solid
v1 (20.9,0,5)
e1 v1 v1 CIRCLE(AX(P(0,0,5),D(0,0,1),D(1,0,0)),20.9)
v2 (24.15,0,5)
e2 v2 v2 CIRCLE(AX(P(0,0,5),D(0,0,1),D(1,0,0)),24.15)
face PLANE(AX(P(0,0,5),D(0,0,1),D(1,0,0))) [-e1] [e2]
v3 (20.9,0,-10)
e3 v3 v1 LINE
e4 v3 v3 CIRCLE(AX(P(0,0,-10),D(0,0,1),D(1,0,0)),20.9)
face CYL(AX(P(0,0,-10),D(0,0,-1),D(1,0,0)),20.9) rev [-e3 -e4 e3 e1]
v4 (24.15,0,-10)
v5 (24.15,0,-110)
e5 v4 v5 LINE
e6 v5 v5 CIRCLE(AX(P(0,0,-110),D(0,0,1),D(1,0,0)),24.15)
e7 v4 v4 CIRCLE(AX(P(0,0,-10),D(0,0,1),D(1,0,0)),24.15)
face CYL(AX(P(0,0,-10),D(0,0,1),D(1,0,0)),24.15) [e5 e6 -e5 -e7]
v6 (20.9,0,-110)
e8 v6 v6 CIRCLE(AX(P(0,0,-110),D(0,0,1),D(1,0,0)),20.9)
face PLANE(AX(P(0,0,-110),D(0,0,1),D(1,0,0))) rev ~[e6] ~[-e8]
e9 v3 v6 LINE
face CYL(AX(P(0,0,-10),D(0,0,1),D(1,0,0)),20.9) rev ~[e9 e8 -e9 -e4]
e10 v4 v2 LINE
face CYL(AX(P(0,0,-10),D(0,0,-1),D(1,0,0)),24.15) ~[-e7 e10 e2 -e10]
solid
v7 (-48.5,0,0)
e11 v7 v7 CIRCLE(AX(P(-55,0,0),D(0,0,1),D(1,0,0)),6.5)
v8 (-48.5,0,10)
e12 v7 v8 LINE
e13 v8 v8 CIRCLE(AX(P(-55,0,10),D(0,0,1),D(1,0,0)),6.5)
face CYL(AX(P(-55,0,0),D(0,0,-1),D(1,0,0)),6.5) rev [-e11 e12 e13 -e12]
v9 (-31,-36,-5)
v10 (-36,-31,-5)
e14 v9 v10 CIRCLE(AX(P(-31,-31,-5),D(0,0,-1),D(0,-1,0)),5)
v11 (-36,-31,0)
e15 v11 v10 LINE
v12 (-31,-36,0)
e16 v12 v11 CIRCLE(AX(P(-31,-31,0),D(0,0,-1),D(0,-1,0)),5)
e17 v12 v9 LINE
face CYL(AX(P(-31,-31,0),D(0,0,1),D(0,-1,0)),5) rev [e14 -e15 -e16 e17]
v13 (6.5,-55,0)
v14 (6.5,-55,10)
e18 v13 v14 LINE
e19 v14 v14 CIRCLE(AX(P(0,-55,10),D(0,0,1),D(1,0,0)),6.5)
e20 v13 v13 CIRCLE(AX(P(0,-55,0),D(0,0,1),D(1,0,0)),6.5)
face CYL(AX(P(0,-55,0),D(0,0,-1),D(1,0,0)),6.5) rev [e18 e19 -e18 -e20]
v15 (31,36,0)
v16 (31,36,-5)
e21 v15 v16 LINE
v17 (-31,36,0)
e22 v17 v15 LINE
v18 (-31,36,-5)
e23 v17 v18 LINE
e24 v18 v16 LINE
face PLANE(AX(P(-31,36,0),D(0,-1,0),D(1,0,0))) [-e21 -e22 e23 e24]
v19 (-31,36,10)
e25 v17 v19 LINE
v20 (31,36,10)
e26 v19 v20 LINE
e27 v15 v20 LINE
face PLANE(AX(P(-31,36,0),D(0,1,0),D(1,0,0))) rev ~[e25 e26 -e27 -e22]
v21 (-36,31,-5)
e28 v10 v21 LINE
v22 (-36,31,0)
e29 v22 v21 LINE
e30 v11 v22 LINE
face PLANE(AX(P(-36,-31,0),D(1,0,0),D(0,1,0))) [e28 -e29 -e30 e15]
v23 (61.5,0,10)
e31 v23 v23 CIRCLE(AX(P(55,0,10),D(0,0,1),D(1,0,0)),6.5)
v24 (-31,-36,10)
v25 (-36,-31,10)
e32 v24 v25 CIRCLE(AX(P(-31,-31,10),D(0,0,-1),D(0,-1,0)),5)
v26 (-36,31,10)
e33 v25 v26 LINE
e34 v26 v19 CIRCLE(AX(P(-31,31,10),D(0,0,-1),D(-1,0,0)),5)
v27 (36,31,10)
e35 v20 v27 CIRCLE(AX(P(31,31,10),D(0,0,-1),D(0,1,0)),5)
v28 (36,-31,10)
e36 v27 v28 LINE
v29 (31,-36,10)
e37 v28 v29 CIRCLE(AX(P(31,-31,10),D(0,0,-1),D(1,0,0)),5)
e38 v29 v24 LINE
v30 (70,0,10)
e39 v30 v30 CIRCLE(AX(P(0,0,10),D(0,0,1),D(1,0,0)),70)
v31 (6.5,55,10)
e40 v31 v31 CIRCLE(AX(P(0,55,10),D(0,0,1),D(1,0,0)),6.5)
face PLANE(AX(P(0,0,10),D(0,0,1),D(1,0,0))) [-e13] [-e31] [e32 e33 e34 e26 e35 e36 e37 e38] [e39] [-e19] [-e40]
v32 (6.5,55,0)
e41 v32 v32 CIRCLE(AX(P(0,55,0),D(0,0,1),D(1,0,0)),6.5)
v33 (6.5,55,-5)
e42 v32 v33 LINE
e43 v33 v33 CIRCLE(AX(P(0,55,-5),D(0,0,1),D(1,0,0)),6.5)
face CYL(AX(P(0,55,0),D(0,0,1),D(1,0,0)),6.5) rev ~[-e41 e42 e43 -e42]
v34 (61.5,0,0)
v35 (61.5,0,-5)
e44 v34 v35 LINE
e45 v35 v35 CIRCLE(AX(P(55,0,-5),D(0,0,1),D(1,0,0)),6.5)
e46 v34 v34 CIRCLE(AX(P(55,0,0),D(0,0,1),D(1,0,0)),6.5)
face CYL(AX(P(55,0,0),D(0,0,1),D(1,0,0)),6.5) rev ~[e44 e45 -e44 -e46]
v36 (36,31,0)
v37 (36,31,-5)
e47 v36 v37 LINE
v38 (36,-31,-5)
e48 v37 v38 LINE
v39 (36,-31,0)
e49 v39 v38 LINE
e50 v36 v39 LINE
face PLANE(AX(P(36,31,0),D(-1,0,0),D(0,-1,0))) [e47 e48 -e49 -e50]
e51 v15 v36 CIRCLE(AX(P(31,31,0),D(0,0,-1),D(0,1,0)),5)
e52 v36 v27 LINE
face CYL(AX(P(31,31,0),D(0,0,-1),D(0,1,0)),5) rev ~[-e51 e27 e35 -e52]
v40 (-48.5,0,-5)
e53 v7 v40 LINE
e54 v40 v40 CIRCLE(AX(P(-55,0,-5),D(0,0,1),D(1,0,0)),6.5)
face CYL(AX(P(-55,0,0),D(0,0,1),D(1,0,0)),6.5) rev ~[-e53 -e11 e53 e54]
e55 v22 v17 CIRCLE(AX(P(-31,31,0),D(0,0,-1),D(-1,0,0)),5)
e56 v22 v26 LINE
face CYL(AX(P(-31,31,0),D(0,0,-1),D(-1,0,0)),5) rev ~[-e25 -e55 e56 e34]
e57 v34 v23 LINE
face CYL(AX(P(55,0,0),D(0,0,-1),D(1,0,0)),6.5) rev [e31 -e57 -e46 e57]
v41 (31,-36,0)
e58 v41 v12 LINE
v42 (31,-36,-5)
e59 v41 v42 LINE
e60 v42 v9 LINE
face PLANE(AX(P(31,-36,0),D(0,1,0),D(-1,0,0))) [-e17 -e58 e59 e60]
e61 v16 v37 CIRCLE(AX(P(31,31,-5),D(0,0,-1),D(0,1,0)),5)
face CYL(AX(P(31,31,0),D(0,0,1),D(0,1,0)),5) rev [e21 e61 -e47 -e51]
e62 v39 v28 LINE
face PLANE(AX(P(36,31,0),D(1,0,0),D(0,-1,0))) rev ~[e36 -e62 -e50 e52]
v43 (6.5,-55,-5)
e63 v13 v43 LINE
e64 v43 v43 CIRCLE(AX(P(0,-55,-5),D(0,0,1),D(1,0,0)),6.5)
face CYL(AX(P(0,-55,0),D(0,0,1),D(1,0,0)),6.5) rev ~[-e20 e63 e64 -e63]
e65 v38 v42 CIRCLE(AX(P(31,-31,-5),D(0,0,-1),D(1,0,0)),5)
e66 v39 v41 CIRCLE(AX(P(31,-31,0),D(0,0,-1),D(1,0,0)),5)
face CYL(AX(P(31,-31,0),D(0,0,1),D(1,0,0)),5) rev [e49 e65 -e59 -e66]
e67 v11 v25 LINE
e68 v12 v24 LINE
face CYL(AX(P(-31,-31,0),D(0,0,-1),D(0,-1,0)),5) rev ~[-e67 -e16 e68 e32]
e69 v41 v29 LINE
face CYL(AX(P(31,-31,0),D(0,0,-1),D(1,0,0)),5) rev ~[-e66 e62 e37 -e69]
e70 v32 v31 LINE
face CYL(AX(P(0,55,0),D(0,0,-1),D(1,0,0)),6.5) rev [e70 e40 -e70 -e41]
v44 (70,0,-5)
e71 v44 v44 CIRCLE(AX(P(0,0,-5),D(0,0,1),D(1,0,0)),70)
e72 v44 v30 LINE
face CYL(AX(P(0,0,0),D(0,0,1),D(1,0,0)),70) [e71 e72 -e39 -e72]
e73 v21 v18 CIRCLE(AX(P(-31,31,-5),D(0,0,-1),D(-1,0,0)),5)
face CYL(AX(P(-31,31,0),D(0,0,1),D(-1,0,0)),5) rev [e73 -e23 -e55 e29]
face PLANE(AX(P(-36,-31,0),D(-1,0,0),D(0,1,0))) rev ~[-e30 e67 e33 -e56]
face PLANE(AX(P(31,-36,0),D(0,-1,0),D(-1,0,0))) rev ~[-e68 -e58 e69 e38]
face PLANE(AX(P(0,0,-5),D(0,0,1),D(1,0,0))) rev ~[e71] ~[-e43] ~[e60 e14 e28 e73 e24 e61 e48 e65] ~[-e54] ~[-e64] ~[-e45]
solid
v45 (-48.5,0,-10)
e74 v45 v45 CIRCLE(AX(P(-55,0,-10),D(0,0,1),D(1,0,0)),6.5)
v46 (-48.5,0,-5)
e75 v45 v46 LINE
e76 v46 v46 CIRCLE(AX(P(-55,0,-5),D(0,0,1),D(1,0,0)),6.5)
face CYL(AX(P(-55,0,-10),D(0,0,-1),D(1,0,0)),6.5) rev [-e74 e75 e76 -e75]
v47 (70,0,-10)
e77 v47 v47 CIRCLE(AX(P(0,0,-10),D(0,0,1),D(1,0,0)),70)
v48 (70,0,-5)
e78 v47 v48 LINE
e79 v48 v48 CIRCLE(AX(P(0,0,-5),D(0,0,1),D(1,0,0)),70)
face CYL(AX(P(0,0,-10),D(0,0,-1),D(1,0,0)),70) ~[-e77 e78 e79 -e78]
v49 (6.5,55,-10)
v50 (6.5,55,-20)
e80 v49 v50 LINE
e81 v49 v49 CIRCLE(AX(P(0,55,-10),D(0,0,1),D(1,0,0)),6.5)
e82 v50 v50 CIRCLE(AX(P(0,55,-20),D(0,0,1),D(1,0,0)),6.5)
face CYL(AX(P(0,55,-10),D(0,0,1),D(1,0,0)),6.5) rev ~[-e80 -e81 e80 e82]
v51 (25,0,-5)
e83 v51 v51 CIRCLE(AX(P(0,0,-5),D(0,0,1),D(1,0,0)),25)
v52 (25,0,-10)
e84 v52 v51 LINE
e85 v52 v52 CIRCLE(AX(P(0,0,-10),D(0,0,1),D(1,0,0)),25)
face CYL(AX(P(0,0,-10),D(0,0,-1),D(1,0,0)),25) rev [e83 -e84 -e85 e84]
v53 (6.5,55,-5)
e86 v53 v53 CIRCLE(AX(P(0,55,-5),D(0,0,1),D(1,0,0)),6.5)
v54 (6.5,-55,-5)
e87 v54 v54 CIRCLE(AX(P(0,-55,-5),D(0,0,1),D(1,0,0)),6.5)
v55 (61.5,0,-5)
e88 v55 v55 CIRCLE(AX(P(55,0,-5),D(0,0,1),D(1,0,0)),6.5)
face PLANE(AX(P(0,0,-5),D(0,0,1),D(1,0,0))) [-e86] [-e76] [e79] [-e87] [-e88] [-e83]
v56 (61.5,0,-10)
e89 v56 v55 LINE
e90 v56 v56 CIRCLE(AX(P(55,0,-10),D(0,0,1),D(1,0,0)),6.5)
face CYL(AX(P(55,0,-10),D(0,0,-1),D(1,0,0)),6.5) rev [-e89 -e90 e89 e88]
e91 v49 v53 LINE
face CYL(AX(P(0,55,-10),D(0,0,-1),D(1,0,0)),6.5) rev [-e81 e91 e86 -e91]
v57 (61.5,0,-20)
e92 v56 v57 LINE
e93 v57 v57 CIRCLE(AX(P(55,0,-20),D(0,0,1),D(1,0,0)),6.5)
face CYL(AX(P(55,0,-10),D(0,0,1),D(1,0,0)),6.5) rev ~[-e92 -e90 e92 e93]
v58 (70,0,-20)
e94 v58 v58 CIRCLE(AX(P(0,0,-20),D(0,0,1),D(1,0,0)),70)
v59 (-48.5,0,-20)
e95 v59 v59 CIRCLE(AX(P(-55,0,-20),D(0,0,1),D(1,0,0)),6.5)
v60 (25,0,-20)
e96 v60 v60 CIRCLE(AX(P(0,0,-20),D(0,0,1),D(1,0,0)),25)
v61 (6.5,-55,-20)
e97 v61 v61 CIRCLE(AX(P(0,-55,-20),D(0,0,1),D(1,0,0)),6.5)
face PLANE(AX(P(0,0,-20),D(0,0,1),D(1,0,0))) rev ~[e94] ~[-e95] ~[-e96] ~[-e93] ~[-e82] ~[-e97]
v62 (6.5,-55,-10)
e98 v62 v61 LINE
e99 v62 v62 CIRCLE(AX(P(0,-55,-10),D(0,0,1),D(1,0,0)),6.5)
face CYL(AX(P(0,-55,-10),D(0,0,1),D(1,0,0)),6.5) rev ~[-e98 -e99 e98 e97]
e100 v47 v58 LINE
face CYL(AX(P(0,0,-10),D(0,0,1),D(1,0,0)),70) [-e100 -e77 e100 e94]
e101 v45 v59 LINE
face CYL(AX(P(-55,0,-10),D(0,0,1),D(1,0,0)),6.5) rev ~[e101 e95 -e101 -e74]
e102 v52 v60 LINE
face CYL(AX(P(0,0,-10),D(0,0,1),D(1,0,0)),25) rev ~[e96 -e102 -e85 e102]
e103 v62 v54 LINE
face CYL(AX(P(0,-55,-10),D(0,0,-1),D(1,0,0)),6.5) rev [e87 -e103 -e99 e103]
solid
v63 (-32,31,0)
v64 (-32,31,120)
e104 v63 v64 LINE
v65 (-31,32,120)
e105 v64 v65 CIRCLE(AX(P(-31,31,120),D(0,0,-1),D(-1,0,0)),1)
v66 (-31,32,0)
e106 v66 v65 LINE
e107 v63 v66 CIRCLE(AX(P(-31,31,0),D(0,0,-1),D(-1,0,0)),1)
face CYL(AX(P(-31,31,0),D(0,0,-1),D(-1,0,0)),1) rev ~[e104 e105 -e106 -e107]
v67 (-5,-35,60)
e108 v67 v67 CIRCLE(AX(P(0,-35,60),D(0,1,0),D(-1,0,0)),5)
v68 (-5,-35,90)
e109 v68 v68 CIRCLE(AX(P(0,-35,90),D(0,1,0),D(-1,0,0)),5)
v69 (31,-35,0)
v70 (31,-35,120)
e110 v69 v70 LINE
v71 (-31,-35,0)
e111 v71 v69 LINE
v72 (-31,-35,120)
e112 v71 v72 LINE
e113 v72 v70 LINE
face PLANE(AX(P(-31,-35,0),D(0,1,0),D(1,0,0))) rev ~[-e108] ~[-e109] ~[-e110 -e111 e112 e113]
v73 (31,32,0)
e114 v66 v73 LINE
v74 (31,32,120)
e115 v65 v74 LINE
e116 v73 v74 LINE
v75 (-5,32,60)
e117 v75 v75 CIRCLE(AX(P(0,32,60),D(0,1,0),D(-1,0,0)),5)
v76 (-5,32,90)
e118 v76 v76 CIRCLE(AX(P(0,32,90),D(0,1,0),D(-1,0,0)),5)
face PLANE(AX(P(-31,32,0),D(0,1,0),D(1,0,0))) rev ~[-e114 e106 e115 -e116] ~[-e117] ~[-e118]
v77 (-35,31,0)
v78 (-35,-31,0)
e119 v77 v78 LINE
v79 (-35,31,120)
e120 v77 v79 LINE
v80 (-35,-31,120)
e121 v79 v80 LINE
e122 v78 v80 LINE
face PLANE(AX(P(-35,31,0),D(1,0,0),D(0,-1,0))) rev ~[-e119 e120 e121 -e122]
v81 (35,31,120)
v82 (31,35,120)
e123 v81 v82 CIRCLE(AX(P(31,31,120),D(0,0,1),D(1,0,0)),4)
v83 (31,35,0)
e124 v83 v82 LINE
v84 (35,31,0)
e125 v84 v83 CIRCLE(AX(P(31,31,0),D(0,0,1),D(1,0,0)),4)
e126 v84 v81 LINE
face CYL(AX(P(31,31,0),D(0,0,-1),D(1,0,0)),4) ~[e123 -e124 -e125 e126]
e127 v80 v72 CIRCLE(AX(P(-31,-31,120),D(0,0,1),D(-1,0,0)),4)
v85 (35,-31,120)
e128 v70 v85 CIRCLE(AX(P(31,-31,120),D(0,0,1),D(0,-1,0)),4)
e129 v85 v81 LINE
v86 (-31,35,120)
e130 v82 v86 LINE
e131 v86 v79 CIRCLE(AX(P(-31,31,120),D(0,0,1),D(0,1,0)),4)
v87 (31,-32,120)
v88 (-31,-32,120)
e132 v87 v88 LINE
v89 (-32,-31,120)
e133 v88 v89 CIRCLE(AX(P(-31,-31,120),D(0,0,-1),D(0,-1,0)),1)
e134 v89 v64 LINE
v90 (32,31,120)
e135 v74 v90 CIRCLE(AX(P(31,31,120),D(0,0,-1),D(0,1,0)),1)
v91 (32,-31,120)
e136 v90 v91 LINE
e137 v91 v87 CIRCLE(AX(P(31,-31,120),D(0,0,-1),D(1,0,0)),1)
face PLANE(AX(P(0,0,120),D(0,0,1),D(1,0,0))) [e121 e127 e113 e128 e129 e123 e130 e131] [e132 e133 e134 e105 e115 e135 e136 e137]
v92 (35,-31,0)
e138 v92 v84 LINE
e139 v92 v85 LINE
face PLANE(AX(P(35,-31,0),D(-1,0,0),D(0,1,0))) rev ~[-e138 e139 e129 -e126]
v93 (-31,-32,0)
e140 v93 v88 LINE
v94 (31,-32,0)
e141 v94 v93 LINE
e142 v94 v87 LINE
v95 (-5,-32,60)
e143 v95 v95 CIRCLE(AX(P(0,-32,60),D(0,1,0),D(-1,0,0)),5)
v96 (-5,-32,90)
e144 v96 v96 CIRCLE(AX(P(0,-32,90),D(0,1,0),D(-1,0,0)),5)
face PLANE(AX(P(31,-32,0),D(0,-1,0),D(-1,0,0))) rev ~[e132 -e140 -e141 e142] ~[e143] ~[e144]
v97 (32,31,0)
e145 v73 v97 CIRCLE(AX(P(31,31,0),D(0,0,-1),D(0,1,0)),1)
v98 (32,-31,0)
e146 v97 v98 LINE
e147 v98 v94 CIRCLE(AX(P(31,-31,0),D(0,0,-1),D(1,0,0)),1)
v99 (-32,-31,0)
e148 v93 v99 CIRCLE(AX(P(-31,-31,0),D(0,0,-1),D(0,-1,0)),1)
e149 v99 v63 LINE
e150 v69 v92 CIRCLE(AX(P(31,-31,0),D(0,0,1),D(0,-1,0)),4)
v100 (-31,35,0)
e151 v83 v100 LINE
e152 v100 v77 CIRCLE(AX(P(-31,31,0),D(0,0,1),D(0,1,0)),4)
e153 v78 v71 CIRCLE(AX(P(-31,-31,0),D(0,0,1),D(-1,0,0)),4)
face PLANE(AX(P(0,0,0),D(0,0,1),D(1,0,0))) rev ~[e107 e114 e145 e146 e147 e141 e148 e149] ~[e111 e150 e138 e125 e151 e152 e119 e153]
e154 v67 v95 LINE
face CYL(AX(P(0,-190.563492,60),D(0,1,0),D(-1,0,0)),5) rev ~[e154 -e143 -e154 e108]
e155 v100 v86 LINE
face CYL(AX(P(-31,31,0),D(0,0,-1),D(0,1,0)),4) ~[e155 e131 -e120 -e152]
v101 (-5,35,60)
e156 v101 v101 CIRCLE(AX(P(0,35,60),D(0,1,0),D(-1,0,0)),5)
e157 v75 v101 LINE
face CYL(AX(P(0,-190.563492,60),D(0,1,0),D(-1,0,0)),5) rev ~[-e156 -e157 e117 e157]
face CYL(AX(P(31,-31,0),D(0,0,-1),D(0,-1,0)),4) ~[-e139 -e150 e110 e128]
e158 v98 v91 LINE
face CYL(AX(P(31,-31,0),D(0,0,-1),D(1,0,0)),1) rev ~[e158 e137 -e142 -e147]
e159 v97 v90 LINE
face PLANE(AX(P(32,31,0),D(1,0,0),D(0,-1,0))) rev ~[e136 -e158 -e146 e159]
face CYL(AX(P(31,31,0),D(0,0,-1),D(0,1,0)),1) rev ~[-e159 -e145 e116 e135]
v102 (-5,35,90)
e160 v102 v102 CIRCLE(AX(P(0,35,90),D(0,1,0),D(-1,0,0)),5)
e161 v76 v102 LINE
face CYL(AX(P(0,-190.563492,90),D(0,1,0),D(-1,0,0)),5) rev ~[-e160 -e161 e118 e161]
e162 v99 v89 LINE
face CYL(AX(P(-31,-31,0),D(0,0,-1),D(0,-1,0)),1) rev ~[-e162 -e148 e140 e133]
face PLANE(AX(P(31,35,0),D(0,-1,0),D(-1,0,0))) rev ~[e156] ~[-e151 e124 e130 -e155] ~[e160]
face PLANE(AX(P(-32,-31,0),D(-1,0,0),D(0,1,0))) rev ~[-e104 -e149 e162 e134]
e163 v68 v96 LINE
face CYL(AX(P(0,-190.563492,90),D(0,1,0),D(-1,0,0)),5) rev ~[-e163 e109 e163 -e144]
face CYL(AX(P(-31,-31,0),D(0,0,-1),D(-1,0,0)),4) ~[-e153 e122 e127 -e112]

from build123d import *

# Parameters (mm, degrees)
F1_DEPTH       = 120
F3_D           = 10
F5_R           = 24.15
F5_R_2         = 20.9
F6_DEPTH       = 100
F6_DEPTH_BACK  = 15
F7_R           = 70
F7_R_2         = 6.5
F8_DEPTH       = 10
F8_DEPTH_BACK  = 5
F9_R           = 70
F9_R_2         = 6.5
F9_R_3         = 25
F10_DEPTH      = 10
F10_DEPTH_BACK = 5


with BuildPart() as f1:
    # F0 (on Top) → F1 (new body)
    with BuildSketch(Plane.XY):
        with BuildLine():
            Line((-31, -35), (31, -35))
            ThreePointArc((31, -35), (33.8284271247, -33.8284271247), (35, -31))
            Line((35, -31), (35, 31))
            ThreePointArc((35, 31), (33.8284271247, 33.8284271247), (31, 35))
            Line((31, 35), (-31, 35))
            ThreePointArc((-31, 35), (-33.8284271247, 33.8284271247), (-35, 31))
            Line((-35, 31), (-35, -31))
            ThreePointArc((-35, -31), (-33.8284271247, -33.8284271247), (-31, -35))
        make_face()
        with BuildLine():
            ThreePointArc((31, 32), (31.7071067812, 31.7071067812), (32, 31))
            Line((32, 31), (32, -31))
            ThreePointArc((32, -31), (31.7071067812, -31.7071067812), (31, -32))
            Line((31, -32), (-31, -32))
            ThreePointArc((-31, -32), (-31.7071067812, -31.7071067812), (-32, -31))
            Line((-32, -31), (-32, 31))
            ThreePointArc((-32, 31), (-31.7071067812, 31.7071067812), (-31, 32))
            Line((-31, 32), (31, 32))
        make_face(mode=Mode.SUBTRACT)
    extrude(amount=F1_DEPTH)

    # F3 (through all)
    with Locations(Plane.XZ.offset(35)):
        with Locations((0, 90), (0, 60)):
            Hole(F3_D / 2)


with BuildPart() as f6:
    # F5 (on offset) → F6 (new body, two sides)
    with BuildSketch(Plane.XY.offset(-10)) as f6_sk:
        Circle(F5_R)
        Circle(F5_R_2, mode=Mode.SUBTRACT)
    extrude(amount=-F6_DEPTH)
    extrude(f6_sk.sketch, amount=F6_DEPTH_BACK)


with BuildPart() as f8:
    # F7 (on Top) → F8 (new body, two sides)
    with BuildSketch(Plane.XY) as f8_sk:
        Circle(F7_R)
        with Locations((0, -55)):
            Circle(F7_R_2, mode=Mode.SUBTRACT)
        with Locations((-55, 0)):
            Circle(F7_R_2, mode=Mode.SUBTRACT)
        with BuildLine():
            ThreePointArc((31, 36), (34.5355339059, 34.5355339059), (36, 31))
            Line((36, 31), (36, -31))
            ThreePointArc((36, -31), (34.5355339059, -34.5355339059), (31, -36))
            Line((31, -36), (-31, -36))
            ThreePointArc((-31, -36), (-34.5355339059, -34.5355339059), (-36, -31))
            Line((-36, -31), (-36, 31))
            ThreePointArc((-36, 31), (-34.5355339059, 34.5355339059), (-31, 36))
            Line((-31, 36), (31, 36))
        make_face(mode=Mode.SUBTRACT)
        with Locations((55, 0)):
            Circle(F7_R_2, mode=Mode.SUBTRACT)
        with Locations((0, 55)):
            Circle(F7_R_2, mode=Mode.SUBTRACT)
    extrude(amount=F8_DEPTH)
    extrude(f8_sk.sketch, amount=-F8_DEPTH_BACK)


with BuildPart() as f10:
    # F9 (on offset) → F10 (new body, two sides)
    with BuildSketch(Plane.XY.offset(-10)) as f10_sk:
        Circle(F9_R)
        with Locations((0, -55)):
            Circle(F9_R_2, mode=Mode.SUBTRACT)
        with Locations((-55, 0)):
            Circle(F9_R_2, mode=Mode.SUBTRACT)
        Circle(F9_R_3, mode=Mode.SUBTRACT)
        with Locations((55, 0)):
            Circle(F9_R_2, mode=Mode.SUBTRACT)
        with Locations((0, 55)):
            Circle(F9_R_2, mode=Mode.SUBTRACT)
    extrude(amount=-F10_DEPTH)
    extrude(f10_sk.sketch, amount=F10_DEPTH_BACK)


solid = Compound([f1.part, f6.part, f8.part, f10.part])
